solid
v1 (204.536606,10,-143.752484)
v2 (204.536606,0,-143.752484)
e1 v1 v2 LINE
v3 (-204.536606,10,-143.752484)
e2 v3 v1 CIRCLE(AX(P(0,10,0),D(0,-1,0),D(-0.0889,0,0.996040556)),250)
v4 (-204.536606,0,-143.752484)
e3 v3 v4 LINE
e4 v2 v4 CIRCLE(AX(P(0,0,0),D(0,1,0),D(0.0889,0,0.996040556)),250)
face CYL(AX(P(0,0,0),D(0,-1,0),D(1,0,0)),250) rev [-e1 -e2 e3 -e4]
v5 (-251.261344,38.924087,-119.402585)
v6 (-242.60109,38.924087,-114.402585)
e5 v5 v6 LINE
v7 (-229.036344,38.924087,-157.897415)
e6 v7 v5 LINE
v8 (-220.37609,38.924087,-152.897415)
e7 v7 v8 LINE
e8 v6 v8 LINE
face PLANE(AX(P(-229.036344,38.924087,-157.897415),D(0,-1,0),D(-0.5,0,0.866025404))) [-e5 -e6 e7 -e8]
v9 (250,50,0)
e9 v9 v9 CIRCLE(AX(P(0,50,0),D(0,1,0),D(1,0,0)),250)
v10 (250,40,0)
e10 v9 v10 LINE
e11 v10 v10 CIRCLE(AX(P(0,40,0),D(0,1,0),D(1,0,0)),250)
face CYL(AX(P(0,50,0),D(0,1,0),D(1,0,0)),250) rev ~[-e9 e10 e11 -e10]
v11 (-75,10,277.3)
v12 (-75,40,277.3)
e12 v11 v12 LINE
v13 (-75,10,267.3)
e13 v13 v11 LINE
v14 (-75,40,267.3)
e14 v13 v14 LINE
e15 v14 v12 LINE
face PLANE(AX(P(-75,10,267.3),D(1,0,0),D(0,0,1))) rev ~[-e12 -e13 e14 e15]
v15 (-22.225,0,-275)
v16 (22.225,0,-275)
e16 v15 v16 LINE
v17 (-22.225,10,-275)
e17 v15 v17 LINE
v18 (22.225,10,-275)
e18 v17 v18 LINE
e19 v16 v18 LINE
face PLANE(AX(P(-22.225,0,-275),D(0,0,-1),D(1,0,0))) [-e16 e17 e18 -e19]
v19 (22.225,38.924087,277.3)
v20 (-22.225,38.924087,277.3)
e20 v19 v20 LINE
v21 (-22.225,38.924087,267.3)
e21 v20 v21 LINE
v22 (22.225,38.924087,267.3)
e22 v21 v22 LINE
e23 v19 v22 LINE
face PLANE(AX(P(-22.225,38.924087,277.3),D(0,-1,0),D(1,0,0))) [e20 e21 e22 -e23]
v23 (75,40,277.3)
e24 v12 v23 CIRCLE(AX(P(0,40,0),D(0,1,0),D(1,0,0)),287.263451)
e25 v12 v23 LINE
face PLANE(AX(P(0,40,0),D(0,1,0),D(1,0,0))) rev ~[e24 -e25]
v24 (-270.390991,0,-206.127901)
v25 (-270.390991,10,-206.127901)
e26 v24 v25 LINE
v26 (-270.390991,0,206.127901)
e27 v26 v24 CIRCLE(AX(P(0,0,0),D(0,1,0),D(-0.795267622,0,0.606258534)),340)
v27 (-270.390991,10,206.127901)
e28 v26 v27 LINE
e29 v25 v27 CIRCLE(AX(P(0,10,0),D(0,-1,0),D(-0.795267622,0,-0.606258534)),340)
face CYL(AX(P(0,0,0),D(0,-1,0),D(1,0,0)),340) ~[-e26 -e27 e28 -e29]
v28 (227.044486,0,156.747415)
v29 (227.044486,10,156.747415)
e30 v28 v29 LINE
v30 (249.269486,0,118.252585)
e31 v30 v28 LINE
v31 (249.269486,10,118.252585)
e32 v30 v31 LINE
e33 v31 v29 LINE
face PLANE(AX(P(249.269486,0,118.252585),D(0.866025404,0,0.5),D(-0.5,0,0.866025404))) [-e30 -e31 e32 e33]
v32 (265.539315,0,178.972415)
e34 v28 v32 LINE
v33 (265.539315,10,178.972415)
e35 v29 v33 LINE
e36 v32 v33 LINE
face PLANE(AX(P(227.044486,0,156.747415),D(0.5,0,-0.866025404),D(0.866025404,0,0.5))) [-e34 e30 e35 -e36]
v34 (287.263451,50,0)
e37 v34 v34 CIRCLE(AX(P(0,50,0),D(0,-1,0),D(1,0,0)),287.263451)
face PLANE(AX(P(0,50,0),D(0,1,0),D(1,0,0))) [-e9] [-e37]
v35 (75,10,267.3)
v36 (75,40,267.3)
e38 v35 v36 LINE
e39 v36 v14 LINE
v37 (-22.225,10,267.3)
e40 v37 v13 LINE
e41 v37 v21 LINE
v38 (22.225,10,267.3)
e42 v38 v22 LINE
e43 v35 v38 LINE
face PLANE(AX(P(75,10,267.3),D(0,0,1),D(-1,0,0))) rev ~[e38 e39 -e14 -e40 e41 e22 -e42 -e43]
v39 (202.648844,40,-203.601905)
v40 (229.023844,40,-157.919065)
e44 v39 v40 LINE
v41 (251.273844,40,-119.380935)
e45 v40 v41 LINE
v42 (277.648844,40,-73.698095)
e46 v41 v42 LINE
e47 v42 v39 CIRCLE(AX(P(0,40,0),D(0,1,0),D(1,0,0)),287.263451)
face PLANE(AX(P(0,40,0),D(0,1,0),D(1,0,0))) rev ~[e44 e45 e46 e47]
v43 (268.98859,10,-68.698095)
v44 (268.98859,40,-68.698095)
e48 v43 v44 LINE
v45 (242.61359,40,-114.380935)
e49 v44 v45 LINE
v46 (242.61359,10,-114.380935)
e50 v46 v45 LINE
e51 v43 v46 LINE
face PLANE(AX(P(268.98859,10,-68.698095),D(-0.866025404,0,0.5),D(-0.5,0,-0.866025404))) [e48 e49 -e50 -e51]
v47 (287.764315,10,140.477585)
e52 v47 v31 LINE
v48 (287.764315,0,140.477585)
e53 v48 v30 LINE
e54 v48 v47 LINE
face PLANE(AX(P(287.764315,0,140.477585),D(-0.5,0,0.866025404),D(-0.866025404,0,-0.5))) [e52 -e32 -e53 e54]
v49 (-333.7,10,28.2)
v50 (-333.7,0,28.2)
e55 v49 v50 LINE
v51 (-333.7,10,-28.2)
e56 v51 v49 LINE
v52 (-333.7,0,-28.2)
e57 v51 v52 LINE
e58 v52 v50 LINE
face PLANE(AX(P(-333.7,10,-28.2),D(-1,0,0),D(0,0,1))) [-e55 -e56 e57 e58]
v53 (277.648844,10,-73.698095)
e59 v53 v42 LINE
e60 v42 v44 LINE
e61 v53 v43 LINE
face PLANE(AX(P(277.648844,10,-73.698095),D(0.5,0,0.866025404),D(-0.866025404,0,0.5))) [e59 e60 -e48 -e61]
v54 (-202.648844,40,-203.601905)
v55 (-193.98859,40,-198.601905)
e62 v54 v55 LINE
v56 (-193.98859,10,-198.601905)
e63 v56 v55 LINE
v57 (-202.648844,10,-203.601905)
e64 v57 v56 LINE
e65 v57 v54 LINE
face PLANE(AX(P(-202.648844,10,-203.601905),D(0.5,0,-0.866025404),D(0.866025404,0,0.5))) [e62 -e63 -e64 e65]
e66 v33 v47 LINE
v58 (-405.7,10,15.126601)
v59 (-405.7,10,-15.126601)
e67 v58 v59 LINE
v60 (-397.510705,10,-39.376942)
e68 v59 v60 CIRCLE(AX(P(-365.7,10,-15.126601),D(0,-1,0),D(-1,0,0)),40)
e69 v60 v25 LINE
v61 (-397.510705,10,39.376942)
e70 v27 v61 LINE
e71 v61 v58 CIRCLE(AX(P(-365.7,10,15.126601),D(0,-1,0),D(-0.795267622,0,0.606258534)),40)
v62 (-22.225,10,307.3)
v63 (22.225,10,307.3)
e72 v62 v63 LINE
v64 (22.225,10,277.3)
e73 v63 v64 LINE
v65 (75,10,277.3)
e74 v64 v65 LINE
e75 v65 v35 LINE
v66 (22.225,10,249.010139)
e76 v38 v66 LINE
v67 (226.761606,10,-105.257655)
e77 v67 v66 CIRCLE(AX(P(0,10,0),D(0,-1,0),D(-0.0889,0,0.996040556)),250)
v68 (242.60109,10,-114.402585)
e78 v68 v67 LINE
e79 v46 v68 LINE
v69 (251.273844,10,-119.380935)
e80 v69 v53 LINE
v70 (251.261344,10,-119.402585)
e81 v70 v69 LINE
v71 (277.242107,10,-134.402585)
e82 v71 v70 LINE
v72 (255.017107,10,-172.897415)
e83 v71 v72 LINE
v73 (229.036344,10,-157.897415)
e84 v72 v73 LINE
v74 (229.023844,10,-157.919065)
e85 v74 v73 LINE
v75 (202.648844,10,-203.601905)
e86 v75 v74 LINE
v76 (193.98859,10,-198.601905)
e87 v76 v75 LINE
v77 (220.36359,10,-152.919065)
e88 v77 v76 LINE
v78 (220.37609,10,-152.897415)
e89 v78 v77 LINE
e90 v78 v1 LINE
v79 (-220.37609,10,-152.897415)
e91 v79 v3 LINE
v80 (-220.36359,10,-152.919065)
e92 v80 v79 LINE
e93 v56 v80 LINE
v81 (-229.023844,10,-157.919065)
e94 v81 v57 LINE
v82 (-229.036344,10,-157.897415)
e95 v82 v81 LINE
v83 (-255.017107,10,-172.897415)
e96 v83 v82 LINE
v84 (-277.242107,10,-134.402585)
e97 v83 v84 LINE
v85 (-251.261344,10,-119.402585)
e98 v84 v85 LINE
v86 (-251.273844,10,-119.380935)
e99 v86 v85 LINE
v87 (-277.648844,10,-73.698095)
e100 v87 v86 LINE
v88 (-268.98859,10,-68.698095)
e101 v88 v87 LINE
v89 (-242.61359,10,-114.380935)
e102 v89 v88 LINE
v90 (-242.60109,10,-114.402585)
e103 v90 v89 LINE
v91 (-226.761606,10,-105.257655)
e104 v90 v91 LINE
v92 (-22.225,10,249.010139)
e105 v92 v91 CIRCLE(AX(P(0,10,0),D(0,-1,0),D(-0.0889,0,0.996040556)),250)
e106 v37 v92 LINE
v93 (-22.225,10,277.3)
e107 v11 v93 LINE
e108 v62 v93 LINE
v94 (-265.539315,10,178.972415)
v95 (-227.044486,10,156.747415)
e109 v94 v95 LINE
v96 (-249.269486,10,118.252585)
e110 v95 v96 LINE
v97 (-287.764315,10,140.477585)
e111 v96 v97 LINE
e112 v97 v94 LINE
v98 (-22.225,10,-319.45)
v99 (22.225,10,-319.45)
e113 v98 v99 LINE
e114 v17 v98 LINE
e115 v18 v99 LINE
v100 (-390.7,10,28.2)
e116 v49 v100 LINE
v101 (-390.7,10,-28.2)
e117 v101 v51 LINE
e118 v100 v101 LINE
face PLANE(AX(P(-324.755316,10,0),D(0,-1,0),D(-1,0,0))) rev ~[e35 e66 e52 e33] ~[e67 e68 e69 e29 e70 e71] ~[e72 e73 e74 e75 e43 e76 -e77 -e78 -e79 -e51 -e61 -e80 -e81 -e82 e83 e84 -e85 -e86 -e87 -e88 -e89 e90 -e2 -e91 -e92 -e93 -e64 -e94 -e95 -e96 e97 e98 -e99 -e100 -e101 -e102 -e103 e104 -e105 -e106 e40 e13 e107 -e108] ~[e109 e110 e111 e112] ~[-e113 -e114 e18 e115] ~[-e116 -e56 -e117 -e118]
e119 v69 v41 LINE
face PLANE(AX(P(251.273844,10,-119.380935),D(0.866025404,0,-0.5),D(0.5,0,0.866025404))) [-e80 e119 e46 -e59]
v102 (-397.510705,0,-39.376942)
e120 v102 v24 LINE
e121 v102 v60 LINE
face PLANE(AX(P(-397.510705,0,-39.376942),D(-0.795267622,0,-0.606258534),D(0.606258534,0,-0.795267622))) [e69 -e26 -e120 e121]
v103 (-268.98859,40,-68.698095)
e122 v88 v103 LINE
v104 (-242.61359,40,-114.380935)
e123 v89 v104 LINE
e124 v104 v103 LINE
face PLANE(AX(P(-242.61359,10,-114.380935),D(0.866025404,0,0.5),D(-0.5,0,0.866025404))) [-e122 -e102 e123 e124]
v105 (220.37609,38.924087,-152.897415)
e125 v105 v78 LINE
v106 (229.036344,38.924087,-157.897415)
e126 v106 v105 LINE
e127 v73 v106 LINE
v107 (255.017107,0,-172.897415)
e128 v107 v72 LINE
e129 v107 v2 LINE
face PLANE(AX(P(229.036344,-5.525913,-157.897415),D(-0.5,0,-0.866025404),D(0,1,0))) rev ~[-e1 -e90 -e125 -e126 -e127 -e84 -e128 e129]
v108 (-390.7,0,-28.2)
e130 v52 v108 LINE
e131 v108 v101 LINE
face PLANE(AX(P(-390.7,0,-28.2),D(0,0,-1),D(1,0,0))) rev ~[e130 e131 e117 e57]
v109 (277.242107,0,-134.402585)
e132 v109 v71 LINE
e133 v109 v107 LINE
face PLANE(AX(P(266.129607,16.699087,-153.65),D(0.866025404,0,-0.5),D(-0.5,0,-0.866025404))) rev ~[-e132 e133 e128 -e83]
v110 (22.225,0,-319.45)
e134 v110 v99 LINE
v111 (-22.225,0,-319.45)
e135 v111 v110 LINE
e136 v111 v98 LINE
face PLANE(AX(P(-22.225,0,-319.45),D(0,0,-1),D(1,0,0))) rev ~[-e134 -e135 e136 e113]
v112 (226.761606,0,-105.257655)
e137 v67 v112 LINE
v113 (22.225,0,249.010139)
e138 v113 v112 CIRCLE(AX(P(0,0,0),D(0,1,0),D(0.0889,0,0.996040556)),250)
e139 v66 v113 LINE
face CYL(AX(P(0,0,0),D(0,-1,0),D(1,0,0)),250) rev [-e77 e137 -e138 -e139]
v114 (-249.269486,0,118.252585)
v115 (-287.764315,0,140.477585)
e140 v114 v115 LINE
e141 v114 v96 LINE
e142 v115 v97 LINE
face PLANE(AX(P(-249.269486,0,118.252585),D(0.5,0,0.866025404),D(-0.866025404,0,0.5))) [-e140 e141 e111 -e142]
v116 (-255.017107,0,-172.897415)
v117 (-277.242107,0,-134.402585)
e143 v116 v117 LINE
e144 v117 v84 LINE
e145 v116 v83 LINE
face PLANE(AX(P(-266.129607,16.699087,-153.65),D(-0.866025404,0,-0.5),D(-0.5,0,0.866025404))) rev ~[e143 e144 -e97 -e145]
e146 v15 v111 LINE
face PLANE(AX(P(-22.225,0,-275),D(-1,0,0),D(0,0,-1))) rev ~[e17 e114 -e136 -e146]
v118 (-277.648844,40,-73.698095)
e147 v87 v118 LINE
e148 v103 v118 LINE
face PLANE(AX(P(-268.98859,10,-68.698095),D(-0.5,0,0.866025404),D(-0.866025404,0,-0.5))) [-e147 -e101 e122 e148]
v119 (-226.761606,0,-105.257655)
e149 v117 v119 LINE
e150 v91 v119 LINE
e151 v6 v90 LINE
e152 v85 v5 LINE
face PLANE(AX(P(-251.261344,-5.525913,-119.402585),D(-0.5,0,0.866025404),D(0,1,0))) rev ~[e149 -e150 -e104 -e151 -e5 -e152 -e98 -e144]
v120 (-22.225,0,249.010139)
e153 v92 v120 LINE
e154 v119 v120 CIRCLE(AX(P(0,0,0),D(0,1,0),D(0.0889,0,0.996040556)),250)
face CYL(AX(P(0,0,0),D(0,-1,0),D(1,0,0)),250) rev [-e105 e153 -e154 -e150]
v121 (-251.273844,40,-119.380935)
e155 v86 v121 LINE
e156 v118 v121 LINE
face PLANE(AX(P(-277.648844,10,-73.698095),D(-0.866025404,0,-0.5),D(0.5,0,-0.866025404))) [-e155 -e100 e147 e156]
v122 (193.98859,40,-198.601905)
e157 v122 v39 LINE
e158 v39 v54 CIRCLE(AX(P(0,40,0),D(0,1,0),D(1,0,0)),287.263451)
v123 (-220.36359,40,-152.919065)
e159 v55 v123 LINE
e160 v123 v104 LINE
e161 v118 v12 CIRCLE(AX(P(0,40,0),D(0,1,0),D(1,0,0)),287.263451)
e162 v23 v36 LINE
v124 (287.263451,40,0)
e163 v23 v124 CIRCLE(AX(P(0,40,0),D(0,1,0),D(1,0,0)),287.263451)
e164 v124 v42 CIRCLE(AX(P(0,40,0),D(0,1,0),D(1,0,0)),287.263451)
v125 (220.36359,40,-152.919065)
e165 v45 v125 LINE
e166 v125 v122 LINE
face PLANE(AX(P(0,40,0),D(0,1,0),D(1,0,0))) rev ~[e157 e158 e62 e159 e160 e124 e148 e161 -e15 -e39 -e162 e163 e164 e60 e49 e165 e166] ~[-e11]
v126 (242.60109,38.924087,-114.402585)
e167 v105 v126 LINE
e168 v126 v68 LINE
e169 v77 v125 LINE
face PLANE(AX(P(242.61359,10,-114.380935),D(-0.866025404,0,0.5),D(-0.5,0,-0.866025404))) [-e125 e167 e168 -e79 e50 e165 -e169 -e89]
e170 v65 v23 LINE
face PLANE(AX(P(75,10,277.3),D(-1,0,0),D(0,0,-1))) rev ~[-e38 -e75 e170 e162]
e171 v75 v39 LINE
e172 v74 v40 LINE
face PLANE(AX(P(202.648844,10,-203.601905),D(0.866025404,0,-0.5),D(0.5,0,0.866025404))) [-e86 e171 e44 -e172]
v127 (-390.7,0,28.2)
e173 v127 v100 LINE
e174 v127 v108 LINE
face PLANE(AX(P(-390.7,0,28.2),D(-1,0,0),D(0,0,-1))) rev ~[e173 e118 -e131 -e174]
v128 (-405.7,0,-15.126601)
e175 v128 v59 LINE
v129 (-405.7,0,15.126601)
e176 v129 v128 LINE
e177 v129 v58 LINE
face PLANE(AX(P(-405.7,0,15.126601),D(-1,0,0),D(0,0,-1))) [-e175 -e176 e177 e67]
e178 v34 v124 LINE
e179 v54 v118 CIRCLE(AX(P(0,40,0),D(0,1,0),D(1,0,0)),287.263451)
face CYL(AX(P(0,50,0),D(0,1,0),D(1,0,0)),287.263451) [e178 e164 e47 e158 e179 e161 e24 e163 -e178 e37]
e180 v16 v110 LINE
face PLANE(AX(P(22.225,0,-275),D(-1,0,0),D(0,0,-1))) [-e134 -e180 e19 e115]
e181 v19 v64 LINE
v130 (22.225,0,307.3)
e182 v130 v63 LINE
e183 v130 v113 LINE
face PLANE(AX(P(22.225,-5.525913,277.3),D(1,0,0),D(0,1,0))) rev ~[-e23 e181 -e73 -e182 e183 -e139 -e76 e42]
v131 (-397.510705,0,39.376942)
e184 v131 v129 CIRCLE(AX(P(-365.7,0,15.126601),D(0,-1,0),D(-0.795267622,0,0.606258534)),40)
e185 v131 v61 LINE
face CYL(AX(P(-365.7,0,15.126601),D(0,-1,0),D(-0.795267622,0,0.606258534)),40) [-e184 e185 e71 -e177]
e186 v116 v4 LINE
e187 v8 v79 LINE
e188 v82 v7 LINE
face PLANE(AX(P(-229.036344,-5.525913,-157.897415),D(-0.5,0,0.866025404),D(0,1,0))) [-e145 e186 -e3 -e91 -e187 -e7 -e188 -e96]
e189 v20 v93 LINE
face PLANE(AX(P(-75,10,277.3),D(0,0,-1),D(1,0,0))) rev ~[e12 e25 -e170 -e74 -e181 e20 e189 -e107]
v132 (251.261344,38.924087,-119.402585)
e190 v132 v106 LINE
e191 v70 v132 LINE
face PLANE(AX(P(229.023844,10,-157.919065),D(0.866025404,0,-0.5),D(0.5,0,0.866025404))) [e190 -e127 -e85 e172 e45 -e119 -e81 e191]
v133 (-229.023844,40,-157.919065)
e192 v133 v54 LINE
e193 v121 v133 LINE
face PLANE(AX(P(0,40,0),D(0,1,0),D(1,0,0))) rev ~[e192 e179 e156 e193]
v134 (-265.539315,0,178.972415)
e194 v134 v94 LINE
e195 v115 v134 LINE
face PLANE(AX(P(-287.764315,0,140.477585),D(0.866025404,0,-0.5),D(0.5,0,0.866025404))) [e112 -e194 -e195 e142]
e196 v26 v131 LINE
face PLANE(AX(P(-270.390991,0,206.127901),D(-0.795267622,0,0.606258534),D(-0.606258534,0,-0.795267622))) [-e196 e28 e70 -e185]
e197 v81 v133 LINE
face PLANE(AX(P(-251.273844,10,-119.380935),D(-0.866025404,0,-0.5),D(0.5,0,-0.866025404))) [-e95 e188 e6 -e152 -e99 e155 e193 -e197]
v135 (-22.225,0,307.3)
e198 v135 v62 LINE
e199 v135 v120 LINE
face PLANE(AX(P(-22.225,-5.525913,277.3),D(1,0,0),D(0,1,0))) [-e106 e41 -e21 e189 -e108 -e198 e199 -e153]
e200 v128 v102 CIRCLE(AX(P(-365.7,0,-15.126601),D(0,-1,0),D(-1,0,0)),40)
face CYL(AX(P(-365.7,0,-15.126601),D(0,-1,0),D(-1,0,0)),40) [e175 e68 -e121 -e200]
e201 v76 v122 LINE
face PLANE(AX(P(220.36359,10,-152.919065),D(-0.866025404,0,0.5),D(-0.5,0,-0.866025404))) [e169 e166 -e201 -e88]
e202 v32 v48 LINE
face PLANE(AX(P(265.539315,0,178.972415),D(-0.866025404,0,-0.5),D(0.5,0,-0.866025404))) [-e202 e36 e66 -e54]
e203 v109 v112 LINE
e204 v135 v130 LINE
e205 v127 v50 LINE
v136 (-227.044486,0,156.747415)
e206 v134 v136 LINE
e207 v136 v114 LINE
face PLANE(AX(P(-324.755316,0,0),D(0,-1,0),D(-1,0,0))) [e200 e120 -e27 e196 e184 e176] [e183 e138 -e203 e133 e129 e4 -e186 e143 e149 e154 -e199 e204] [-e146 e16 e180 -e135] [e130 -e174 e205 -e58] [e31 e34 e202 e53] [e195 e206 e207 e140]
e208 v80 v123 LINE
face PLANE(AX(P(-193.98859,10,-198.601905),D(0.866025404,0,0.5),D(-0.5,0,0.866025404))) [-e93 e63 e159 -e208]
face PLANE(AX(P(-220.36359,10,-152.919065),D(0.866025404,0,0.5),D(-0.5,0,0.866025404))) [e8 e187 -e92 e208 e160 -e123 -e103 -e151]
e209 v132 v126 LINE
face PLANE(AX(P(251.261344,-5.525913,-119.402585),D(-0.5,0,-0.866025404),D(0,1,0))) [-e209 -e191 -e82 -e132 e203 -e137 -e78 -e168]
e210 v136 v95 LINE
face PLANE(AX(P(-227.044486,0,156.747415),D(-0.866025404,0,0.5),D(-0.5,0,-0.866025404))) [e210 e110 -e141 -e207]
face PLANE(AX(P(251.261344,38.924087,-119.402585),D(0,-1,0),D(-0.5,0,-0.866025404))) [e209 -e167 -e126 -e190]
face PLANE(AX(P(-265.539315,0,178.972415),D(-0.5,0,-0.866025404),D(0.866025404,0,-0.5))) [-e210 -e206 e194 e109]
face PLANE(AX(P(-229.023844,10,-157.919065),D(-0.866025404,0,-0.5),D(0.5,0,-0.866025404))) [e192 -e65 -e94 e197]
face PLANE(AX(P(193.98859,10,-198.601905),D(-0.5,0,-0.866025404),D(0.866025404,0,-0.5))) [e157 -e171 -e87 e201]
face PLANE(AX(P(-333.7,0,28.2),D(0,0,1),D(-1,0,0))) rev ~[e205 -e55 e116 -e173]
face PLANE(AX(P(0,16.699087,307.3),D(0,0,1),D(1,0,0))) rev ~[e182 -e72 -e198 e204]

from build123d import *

# Parameters (mm, degrees)
SKETCH1_R           = 340
SKETCH1_R_2         = 250
SKETCH1_W           = 44.45
SKETCH1_H           = 44.45
BOSS_EXTRUDE1_DEPTH = 10
BOSS_EXTRUDE2_DEPTH = 40
SKETCH3_W           = 44.45
SKETCH3_H           = 44.45
CUT_EXTRUDE1_DEPTH  = 30
CIRPATTERN1_COUNT   = 3
BOSS_EXTRUDE3_START = -10
SKETCH4_R           = 287.263450512
SKETCH4_R_2         = 250
BOSS_EXTRUDE3_DEPTH = 10
BOSS_EXTRUDE4_DEPTH = 10
SKETCH6_W           = 57
SKETCH6_H           = 56.4
CUT_EXTRUDE2_DEPTH  = 10


with BuildPart() as part:
    # Sketch1 → Boss-Extrude1 (new body)
    with BuildSketch(Plane(origin=(0, 0, 0), x_dir=(1, 0, 0), z_dir=(0, 1, 0))):
        Circle(SKETCH1_R)
        Circle(SKETCH1_R_2, mode=Mode.SUBTRACT)
        with Locations((0, 297.225)):
            Rectangle(SKETCH1_W, SKETCH1_H, mode=Mode.SUBTRACT)
        Polygon((287.764315239, -140.477585401), (249.269486041, -118.252585401), (227.044486041, -156.747414599), (265.539315239, -178.972414599), align=None, mode=Mode.SUBTRACT)
        Polygon((-265.539315239, -178.972414599), (-227.044486041, -156.747414599), (-249.269486041, -118.252585401), (-287.764315239, -140.477585401), align=None, mode=Mode.SUBTRACT)
    extrude(amount=BOSS_EXTRUDE1_DEPTH)

    # Sketch2 → Boss-Extrude2 (add)
    with BuildSketch(Plane(origin=(0, 10, 0), x_dir=(1, 0, 0), z_dir=(0, 1, 0))):
        Polygon((22.25, -267.3), (-22.25, -267.3), (-75, -267.3), (-75, -277.3), (-22.25, -277.3), (22.25, -277.3), (75, -277.3), (75, -267.3), align=None)
        Polygon((-229.023844469, 157.919065234), (-202.648844469, 203.601905284), (-193.988590432, 198.601905284), (-220.363590432, 152.919065234), (-242.613590432, 114.380934766), (-268.988590432, 68.698094716), (-277.648844469, 73.698094716), (-251.273844469, 119.380934766), align=None)
        Polygon((251.273844469, 119.380934766), (277.648844469, 73.698094716), (268.988590432, 68.698094716), (242.613590432, 114.380934766), (220.363590432, 152.919065234), (193.988590432, 198.601905284), (202.648844469, 203.601905284), (229.023844469, 157.919065234), align=None)
    extrude(amount=BOSS_EXTRUDE2_DEPTH)

    # Sketch3 → Cut-Extrude1 (cut, symmetric)
    with BuildSketch(Plane.XY.offset(277.3)):
        with Locations((0, 16.699086593)):
            Rectangle(SKETCH3_W, SKETCH3_H)
    cut_extrude1 = extrude(amount=CUT_EXTRUDE1_DEPTH, both=True, mode=Mode.SUBTRACT)

    # CirPattern1: Cut-Extrude1 ×3 about axis
    cirpattern1_axis = Axis((0, 52.77629567, 0), (0, -1, 0))
    for i in range(1, CIRPATTERN1_COUNT):
        add(cut_extrude1.rotate(cirpattern1_axis, i * 360 / CIRPATTERN1_COUNT), mode=Mode.SUBTRACT)

    # Sketch4 → Boss-Extrude3 (add)
    with BuildSketch(Plane(origin=(0, 50, 0), x_dir=(1, 0, 0), z_dir=(0, 1, 0)).offset(BOSS_EXTRUDE3_START)):
        Circle(SKETCH4_R)
        Circle(SKETCH4_R_2, mode=Mode.SUBTRACT)
    extrude(amount=BOSS_EXTRUDE3_DEPTH)

    # Sketch5 → Boss-Extrude4 (add)
    with BuildSketch(Plane(origin=(0, 0, 0), x_dir=(1, 0, 0), z_dir=(0, 1, 0))):
        with BuildLine():
            Line((-397.510704876, 39.376941903), (-270.390991444, 206.127901425))
            Line((-270.390991444, 206.127901425), (-330.879136225, 0))
            Line((-330.879136225, 0), (-270.390991444, -206.127901425))
            Line((-270.390991444, -206.127901425), (-397.510704876, -39.376941903))
            ThreePointArc((-397.510704876, -39.376941903), (-403.597415446, -27.924487201), (-405.7, -15.126600559))
            Line((-405.7, -15.126600559), (-405.7, 15.126600559))
            ThreePointArc((-405.7, 15.126600559), (-403.597415446, 27.924487201), (-397.510704876, 39.376941903))
        make_face()
        Polygon((-390.7, 0), (-390.7, 28.2), (-333.7, 28.2), (-333.7, -28.2), (-390.7, -28.2), align=None, mode=Mode.SUBTRACT)
    extrude(amount=BOSS_EXTRUDE4_DEPTH)

    # Sketch6 → Cut-Extrude2 (cut)
    with BuildSketch(Plane(origin=(0, 10, 0), x_dir=(-1, 0, 0), z_dir=(0, 1, 0))):
        with Locations((362.2, 0)):
            Rectangle(SKETCH6_W, SKETCH6_H)
    extrude(amount=-CUT_EXTRUDE2_DEPTH, mode=Mode.SUBTRACT)


solid = part.part
